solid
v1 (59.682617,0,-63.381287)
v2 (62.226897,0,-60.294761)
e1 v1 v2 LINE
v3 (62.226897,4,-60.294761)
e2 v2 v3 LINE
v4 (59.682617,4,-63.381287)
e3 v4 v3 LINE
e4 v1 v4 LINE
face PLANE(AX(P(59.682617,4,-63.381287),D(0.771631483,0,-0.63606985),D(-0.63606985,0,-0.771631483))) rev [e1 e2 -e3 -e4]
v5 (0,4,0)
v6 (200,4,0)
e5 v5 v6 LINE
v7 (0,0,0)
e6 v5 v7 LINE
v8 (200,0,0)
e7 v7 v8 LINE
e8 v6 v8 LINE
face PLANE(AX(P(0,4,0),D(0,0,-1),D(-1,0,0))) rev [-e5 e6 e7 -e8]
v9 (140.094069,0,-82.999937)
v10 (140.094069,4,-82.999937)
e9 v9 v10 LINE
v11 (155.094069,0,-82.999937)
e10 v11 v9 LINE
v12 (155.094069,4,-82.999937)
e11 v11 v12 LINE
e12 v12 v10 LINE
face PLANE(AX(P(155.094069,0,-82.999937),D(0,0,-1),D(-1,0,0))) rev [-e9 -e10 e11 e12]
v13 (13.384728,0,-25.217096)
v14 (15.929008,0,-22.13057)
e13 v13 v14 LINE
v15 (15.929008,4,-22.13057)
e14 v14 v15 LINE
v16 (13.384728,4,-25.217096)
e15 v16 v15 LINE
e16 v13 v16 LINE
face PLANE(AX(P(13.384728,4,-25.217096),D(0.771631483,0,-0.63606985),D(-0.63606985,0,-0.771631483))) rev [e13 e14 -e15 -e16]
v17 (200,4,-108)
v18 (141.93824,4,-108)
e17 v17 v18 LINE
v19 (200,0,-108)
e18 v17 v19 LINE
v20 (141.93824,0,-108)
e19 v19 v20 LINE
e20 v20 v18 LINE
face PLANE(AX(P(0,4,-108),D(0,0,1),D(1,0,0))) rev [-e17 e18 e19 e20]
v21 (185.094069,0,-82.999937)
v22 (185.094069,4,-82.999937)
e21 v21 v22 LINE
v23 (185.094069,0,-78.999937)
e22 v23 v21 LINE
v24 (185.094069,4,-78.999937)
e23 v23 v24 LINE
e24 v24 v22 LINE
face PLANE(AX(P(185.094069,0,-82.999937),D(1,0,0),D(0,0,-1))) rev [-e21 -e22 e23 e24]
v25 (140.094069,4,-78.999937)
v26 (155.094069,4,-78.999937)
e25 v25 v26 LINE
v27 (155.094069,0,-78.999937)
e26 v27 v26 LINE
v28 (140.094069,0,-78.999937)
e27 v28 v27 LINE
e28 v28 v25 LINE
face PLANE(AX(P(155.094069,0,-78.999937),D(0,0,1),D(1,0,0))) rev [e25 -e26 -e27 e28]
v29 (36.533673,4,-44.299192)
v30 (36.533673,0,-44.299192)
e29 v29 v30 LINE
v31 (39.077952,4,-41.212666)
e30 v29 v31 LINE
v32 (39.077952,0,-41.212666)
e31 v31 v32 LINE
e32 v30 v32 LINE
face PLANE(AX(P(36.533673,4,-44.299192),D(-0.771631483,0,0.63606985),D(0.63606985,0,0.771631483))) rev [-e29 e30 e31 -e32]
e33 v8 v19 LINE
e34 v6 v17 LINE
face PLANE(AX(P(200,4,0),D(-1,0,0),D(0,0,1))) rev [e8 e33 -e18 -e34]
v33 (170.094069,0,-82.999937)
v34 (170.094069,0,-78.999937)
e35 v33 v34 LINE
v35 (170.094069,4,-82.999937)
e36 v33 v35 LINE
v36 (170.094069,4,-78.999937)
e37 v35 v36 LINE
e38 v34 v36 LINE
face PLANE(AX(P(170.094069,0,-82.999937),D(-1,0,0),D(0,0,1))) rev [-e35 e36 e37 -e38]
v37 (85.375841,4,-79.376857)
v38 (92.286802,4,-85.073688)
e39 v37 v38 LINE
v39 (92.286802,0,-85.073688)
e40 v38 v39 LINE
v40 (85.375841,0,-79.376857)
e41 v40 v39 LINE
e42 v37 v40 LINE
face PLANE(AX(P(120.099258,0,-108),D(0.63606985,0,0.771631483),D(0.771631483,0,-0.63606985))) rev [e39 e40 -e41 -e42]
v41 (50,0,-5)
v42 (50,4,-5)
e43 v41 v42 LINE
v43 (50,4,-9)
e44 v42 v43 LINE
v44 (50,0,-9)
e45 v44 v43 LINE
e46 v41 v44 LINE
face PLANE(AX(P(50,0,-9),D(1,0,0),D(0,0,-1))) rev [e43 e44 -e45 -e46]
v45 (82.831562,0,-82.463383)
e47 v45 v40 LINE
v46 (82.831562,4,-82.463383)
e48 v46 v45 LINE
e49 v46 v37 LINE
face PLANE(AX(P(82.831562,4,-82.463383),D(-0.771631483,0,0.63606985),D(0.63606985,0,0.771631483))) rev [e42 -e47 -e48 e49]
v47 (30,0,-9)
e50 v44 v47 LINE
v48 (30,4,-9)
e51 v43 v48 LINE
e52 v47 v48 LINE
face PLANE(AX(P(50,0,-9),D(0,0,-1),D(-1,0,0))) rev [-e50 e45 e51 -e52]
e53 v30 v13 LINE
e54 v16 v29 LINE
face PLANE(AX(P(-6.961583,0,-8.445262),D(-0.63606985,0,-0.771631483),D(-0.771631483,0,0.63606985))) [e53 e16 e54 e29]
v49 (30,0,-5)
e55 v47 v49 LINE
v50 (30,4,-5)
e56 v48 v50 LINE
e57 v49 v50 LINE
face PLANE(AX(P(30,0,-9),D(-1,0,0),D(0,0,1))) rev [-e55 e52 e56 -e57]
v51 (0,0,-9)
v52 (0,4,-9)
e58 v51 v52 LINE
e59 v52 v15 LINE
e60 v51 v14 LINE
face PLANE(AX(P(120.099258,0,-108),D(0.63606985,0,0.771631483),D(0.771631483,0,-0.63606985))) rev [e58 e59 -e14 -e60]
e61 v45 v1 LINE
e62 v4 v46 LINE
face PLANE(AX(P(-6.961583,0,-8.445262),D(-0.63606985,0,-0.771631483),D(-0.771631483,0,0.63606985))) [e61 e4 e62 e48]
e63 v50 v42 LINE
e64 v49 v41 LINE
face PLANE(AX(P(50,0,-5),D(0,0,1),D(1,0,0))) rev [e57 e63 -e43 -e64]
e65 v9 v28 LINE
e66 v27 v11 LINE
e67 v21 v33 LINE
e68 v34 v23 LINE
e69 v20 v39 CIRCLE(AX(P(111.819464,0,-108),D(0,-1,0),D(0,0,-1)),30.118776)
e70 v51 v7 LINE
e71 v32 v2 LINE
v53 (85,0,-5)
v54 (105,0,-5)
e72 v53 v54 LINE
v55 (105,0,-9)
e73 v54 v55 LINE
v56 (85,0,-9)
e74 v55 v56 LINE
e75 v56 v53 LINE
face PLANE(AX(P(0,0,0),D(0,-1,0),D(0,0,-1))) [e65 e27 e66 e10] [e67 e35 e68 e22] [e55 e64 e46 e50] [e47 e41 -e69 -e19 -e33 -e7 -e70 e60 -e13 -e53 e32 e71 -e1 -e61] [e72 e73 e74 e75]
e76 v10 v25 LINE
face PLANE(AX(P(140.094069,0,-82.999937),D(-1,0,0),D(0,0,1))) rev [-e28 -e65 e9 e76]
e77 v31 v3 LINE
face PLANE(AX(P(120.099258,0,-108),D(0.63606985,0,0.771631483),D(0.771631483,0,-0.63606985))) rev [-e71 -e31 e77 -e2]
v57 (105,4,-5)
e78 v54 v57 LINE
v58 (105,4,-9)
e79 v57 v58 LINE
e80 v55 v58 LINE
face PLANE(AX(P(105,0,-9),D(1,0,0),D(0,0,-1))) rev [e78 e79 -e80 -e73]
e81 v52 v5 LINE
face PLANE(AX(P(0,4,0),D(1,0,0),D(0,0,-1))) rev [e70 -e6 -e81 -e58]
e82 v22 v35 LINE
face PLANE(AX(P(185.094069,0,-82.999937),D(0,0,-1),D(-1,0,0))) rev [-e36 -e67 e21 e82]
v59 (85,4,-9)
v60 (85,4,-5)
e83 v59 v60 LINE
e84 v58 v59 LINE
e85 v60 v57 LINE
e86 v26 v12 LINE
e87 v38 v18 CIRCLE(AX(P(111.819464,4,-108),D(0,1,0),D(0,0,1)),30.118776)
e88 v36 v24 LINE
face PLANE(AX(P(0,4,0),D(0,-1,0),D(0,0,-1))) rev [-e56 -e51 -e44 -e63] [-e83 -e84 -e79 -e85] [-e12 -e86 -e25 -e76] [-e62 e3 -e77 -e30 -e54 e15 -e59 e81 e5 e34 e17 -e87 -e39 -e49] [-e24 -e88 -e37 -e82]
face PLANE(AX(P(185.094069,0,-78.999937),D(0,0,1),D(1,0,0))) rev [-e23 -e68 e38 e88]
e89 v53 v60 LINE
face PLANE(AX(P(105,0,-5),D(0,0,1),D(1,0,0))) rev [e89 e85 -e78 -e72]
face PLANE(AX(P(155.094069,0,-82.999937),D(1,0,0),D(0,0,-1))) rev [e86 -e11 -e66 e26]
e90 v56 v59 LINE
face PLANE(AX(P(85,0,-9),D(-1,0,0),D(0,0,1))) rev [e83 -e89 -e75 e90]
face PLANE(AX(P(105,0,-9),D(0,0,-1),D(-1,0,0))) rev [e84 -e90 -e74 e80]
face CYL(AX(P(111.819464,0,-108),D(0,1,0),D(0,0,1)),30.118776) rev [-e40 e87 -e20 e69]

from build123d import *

# Parameters (mm, degrees)
SKETCH1_W           = 200
SKETCH1_H           = 108
BOSS_EXTRUDE1_DEPTH = 4
CUT_EXTRUDE1_DEPTH  = 228.332355814
SKETCH4_W           = 30
SKETCH4_H           = 4
BOSS_EXTRUDE2_DEPTH = 4
SKETCH5_W           = 15
SKETCH5_H           = 4
SKETCH5_W_2         = 20
CUT_EXTRUDE2_DEPTH  = 228.332355814
SKETCH6_R           = 30.118776273
CUT_EXTRUDE4_DEPTH  = 228.332355814


with BuildPart() as part:
    # Sketch1 → Boss-Extrude1 (new body)
    with BuildSketch(Plane(origin=(0, 0, 0), x_dir=(1, 0, 0), z_dir=(0, 1, 0))):
        with Locations((100, 54)):
            Rectangle(SKETCH1_W, SKETCH1_H)
    extrude(amount=BOSS_EXTRUDE1_DEPTH)

    # Sketch3 → Cut-Extrude1 (cut, through all)
    with BuildSketch(Plane(origin=(0, 4, 0), x_dir=(1, 0, 0), z_dir=(0, 1, 0))):
        Polygon((120.09925776, 108), (0, 9), (0, 108), align=None)
    extrude(amount=-CUT_EXTRUDE1_DEPTH, mode=Mode.SUBTRACT)

    # Sketch4 → Boss-Extrude2 (add)
    with BuildSketch(Plane(origin=(-4.417303696, 0, -5.358736315), x_dir=(-0.7716314833522663, 0, 0.6360698498589453), z_dir=(-0.6360698498589453, 0, -0.7716314833522663))):
        with Locations((-101.3679122, 2)):
            Rectangle(SKETCH4_W, SKETCH4_H)
        with Locations((-41.3679122, 2)):
            Rectangle(SKETCH4_W, SKETCH4_H)
    extrude(amount=BOSS_EXTRUDE2_DEPTH)

    # Sketch5 → Cut-Extrude2 (cut, through all)
    with BuildSketch(Plane(origin=(0, 4, 0), x_dir=(1, 0, 0), z_dir=(0, 1, 0))):
        with Locations((177.594068765, 80.999936793)):
            Rectangle(SKETCH5_W, SKETCH5_H)
        with Locations((147.594068765, 80.999936793)):
            Rectangle(SKETCH5_W, SKETCH5_H)
        with Locations((95, 7)):
            Rectangle(SKETCH5_W_2, SKETCH5_H)
        with Locations((40, 7)):
            Rectangle(SKETCH5_W_2, SKETCH5_H)
    extrude(amount=-CUT_EXTRUDE2_DEPTH, mode=Mode.SUBTRACT)

    # Sketch6 → Cut-Extrude4 (cut, through all)
    with BuildSketch(Plane(origin=(0, 4, 0), x_dir=(1, 0, 0), z_dir=(0, 1, 0))):
        with Locations((111.819464, 108)):
            Circle(SKETCH6_R)
    extrude(amount=-CUT_EXTRUDE4_DEPTH, mode=Mode.SUBTRACT)


solid = part.part
